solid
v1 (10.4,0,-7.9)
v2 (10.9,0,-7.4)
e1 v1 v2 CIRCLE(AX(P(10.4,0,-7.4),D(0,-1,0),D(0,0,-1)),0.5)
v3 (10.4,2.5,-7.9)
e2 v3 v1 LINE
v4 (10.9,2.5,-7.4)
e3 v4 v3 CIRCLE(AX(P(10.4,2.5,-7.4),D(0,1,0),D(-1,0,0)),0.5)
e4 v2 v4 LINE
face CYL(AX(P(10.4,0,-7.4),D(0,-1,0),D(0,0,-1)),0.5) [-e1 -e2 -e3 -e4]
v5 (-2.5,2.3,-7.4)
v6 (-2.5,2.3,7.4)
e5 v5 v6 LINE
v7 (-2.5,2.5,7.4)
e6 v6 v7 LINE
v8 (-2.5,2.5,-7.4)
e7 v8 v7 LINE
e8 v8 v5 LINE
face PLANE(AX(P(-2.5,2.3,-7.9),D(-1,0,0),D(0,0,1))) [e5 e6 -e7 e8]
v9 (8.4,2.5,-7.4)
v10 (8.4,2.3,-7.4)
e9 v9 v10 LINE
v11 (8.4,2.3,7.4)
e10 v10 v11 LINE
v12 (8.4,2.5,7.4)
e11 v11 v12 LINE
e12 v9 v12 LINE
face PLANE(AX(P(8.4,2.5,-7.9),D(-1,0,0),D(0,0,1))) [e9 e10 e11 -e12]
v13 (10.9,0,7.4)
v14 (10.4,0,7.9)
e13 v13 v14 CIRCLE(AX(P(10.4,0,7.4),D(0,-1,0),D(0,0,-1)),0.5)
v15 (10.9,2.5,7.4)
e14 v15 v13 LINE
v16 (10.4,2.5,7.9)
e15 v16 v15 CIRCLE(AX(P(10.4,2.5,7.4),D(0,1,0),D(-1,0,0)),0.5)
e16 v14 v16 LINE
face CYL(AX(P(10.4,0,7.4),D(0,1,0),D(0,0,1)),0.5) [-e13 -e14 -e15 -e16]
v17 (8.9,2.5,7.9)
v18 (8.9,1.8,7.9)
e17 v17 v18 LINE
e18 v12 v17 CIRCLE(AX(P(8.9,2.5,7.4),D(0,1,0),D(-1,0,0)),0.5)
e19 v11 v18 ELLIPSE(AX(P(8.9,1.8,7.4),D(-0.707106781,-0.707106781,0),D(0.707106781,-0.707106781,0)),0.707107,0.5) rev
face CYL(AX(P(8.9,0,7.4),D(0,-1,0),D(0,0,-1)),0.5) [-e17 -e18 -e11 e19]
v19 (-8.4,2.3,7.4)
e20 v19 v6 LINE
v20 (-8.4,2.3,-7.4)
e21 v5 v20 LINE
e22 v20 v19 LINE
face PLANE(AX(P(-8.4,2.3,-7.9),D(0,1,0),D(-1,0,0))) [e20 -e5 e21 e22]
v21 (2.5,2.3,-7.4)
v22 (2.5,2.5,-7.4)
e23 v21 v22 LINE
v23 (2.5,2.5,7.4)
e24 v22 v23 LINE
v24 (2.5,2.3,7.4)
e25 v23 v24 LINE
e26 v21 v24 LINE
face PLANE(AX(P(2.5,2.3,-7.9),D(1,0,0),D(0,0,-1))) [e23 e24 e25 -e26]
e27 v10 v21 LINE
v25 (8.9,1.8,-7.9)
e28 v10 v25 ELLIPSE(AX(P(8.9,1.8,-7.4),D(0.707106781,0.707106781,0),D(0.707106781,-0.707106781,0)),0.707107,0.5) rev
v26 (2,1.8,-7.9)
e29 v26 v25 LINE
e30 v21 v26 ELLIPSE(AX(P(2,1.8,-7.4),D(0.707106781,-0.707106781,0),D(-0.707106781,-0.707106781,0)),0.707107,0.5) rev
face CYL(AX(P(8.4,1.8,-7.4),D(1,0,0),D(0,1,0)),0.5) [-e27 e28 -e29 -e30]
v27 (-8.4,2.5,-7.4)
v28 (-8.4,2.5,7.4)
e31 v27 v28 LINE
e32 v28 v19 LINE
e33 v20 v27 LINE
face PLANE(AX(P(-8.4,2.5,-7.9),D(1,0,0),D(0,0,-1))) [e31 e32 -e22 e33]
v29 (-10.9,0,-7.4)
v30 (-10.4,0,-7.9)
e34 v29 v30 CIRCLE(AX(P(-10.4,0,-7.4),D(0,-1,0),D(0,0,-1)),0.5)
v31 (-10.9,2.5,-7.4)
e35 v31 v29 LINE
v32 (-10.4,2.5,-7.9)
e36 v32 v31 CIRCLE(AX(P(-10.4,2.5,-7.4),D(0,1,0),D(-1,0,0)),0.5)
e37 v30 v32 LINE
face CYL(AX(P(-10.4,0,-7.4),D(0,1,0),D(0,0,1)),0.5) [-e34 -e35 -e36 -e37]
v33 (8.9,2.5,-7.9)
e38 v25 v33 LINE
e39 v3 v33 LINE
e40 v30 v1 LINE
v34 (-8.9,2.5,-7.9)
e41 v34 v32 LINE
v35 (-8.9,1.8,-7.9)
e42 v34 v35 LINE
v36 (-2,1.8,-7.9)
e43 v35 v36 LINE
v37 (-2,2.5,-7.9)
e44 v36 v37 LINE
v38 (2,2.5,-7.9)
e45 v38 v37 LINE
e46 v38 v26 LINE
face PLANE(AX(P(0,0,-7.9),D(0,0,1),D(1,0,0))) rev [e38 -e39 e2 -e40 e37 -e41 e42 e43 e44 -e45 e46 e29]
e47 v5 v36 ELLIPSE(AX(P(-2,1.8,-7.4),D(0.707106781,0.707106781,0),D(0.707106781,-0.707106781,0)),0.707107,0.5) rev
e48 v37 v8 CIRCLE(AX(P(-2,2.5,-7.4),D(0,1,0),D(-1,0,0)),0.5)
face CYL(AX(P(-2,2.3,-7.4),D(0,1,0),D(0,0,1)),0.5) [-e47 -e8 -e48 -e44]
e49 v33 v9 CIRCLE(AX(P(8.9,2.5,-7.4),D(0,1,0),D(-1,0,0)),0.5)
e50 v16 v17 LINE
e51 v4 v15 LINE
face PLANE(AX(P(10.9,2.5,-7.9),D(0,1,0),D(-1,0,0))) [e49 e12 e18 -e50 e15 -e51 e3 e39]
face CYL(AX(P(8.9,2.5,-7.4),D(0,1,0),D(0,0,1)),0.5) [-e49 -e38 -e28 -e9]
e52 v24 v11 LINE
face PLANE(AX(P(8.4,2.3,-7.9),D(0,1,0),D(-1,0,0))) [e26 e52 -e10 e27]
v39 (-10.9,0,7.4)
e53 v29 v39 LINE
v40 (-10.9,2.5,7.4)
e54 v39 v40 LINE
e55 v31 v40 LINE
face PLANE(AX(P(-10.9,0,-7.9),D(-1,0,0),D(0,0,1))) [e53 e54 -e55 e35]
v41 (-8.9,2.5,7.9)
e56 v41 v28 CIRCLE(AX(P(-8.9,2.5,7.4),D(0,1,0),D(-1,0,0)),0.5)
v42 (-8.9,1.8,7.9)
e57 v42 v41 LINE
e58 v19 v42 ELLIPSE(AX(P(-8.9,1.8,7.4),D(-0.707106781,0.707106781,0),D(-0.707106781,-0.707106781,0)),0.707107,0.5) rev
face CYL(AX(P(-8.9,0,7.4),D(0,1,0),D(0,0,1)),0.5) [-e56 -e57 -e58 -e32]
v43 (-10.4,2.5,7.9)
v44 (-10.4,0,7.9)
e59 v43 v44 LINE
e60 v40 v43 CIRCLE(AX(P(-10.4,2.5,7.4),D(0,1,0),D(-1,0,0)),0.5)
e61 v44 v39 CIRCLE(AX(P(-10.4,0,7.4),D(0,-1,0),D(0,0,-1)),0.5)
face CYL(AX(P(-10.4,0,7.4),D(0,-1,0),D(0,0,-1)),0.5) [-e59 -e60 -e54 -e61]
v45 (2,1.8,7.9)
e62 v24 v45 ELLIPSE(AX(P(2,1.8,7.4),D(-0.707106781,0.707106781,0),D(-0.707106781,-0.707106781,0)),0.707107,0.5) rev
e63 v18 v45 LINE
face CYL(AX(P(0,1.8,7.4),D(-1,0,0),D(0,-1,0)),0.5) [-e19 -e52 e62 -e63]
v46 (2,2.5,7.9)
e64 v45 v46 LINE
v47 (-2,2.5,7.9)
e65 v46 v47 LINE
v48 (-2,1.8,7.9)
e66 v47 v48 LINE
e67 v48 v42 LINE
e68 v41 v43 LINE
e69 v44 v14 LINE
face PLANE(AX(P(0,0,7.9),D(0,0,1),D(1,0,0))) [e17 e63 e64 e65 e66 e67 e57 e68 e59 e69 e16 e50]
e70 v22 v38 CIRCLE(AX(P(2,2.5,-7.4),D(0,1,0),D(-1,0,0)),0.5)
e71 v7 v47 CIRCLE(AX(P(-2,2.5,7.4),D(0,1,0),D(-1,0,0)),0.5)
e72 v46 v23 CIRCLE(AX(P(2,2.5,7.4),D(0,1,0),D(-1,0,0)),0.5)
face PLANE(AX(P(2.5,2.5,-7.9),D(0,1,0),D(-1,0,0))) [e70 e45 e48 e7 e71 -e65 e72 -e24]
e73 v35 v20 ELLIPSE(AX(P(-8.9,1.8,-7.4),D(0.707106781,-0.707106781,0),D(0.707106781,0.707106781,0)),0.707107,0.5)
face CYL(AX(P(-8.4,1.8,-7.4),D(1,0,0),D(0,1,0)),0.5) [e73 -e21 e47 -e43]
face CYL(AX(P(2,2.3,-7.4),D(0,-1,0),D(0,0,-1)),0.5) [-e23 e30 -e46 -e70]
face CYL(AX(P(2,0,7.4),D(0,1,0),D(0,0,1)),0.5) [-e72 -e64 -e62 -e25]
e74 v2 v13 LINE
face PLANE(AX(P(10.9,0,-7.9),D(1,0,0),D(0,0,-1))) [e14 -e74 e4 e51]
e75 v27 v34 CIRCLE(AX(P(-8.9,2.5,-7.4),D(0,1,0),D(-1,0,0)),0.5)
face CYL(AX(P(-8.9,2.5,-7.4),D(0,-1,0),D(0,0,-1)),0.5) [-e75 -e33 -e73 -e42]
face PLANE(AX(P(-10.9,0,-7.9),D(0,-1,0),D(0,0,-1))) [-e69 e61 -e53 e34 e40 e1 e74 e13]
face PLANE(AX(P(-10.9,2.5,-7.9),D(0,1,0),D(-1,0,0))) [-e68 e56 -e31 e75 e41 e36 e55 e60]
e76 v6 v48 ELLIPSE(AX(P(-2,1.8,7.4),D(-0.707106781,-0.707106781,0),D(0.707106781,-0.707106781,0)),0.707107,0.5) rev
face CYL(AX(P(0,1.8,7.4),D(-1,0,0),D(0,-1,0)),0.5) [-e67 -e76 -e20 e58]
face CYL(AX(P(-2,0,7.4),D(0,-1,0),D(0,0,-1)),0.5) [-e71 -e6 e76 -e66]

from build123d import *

# Parameters (mm, degrees)
EXTRUDE_1_DEPTH      = 7.9
EXTRUDE_1_DEPTH_BACK = 7.9
FILLET_1_R           = 0.5


with BuildPart() as part:
    # Эскиз1 → Бобышка-Вытянуть1 (new, two sides: drawn at the far end of the back side and taken through both)
    with BuildSketch(Plane.XY.offset(-EXTRUDE_1_DEPTH_BACK)):
        Polygon((-10.9, 0), (10.9, 0), (10.9, 2.5), (8.4, 2.5), (8.4, 2.3), (2.5, 2.3), (2.5, 2.5), (-2.5, 2.5), (-2.5, 2.3), (-8.4, 2.3), (-8.4, 2.5), (-10.9, 2.5), align=None)
    extrude(amount=EXTRUDE_1_DEPTH + EXTRUDE_1_DEPTH_BACK)

    # Скругление1
    fillet_1_edges = [part.edges().sort_by_distance(p)[0] for p in [
        (8.4, 2.4, -7.9),
        (5.45, 2.3, -7.9),
        (2.5, 2.4, -7.9),
        (-2.5, 2.4, -7.9),
        (-5.45, 2.3, -7.9),
        (-8.4, 2.4, -7.9),
        (10.9, 1.25, 7.9),
        (8.4, 2.4, 7.9),
        (-10.9, 1.25, -7.9),
        (5.45, 2.3, 7.9),
        (2.5, 2.4, 7.9),
        (-2.5, 2.4, 7.9),
        (-5.45, 2.3, 7.9),
        (-8.4, 2.4, 7.9),
        (-10.9, 1.25, 7.9),
        (10.9, 1.25, -7.9),
    ]]
    fillet(fillet_1_edges, radius=FILLET_1_R)


solid = part.part
